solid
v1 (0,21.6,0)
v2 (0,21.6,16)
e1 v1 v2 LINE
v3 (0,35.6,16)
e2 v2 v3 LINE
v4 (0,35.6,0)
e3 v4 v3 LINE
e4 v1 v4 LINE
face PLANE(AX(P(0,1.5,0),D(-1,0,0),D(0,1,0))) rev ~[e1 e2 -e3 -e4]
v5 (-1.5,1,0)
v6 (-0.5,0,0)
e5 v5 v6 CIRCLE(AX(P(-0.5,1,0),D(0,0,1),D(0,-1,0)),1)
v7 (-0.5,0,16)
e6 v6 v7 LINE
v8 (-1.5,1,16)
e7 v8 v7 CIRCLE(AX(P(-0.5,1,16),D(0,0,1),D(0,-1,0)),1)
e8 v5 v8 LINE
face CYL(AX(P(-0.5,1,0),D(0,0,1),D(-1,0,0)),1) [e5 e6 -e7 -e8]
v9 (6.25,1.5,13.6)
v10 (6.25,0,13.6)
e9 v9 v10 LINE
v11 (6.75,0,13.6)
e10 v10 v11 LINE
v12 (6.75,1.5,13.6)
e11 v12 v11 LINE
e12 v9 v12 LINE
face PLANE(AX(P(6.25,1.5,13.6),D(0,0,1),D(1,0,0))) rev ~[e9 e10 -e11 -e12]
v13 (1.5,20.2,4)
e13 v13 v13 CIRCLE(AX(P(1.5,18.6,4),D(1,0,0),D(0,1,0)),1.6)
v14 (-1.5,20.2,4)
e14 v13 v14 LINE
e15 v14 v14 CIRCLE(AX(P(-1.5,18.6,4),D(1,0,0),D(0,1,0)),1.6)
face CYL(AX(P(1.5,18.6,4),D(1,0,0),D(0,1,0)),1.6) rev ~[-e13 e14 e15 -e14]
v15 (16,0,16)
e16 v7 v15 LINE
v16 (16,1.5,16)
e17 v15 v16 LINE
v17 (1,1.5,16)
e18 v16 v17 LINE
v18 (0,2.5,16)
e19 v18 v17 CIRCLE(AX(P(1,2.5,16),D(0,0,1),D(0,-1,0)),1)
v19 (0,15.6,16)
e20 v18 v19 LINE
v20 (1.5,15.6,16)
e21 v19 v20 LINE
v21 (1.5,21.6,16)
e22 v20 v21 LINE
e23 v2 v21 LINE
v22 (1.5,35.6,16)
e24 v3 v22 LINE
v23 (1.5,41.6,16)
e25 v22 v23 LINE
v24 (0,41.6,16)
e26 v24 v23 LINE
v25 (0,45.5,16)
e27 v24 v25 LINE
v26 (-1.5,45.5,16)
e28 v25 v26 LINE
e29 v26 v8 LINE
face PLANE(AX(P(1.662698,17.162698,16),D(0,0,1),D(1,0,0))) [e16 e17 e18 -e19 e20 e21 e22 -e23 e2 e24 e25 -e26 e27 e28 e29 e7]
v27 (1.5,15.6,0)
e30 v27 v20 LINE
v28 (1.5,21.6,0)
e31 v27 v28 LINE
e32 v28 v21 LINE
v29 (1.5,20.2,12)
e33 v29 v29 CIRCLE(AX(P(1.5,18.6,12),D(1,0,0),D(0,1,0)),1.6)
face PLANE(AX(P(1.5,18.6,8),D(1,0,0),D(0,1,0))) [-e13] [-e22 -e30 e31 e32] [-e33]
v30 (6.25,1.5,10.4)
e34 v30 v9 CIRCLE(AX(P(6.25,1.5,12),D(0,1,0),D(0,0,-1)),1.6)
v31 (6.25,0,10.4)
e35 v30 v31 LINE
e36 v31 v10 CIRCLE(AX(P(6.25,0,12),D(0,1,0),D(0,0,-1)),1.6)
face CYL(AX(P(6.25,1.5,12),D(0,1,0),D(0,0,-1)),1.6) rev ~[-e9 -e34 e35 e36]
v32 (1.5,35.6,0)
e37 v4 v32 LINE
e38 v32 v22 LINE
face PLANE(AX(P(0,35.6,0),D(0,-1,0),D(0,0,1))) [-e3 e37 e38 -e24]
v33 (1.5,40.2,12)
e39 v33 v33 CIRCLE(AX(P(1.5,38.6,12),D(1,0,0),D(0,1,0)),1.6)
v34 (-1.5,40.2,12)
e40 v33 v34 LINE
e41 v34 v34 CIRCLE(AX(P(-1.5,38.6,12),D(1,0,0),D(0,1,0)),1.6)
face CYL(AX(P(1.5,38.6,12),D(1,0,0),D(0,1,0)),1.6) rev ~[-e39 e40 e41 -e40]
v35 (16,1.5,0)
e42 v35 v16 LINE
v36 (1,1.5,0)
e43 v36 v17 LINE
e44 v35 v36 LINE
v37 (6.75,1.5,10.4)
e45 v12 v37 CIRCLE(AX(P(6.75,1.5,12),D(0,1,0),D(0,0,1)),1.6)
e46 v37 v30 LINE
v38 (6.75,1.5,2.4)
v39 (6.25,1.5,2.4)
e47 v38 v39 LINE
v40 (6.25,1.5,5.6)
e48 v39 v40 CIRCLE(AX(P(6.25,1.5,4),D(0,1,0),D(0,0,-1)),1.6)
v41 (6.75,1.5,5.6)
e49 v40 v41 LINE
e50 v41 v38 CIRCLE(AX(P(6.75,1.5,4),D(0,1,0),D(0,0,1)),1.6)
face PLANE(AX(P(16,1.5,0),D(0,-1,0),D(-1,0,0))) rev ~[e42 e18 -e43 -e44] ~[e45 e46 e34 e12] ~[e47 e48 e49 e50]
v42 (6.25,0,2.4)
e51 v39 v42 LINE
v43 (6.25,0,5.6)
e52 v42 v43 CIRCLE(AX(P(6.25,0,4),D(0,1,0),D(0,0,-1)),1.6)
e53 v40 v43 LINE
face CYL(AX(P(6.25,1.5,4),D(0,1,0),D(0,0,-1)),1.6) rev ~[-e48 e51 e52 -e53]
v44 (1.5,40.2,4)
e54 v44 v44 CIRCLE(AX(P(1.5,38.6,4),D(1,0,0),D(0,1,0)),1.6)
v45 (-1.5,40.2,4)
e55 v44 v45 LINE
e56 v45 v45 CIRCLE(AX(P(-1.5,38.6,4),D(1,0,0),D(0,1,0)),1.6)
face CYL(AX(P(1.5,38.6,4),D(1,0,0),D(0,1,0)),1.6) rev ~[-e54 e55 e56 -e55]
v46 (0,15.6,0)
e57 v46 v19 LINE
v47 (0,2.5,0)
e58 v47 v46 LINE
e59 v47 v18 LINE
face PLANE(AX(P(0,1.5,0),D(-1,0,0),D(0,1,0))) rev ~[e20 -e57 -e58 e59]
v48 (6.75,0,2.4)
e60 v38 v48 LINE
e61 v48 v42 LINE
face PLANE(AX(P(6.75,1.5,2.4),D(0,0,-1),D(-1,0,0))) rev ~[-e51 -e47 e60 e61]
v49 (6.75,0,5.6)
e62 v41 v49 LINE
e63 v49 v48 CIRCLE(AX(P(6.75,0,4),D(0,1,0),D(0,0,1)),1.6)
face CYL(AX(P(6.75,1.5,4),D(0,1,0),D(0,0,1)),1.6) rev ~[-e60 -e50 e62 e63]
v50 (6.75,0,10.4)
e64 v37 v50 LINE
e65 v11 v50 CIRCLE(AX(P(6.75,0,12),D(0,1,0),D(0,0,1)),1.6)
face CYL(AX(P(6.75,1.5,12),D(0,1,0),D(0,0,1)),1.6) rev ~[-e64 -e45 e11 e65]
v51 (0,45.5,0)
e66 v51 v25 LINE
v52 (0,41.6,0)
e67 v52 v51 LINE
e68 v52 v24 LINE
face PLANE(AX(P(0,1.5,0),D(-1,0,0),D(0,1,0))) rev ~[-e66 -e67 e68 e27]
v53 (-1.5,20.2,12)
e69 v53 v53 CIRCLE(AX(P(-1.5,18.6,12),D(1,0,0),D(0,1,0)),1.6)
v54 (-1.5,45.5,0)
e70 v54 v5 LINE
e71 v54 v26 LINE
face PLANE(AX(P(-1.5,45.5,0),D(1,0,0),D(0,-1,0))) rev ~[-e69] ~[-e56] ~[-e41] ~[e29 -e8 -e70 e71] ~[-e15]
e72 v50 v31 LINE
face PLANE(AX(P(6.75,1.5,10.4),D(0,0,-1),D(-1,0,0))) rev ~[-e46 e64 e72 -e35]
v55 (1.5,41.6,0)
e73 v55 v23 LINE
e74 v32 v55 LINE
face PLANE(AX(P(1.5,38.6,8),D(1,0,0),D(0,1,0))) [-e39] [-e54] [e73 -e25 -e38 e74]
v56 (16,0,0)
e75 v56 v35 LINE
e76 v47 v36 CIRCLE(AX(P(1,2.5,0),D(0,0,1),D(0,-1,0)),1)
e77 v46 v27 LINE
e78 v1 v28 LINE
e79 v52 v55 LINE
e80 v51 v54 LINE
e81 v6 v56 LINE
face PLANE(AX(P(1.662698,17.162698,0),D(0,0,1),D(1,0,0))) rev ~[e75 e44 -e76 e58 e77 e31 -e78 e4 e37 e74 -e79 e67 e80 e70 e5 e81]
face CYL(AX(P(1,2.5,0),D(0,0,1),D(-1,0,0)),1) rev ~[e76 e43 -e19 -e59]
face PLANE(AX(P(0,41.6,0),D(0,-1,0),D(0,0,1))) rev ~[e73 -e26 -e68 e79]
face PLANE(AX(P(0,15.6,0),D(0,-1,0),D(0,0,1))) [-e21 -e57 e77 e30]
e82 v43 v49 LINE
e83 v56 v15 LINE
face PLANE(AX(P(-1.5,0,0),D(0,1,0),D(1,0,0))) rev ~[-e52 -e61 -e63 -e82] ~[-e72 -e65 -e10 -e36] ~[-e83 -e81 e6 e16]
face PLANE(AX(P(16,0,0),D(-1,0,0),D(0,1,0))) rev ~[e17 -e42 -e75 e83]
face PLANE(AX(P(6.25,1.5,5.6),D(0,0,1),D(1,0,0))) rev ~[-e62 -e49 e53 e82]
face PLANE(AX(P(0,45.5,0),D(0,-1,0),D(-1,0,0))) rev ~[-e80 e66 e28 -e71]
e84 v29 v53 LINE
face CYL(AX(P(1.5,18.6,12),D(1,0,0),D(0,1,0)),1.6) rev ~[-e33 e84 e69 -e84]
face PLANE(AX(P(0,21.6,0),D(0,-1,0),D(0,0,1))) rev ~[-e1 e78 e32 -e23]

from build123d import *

# Parameters (mm, degrees)
F1_DEPTH = 16
F2_R     = 1
F3_R     = 1
F5_DEPTH = 1.5
F6_W     = 6
F6_H     = 16
F7_DEPTH = 1.5
F8_R     = 1.6
F9_DEPTH = 3


with BuildPart() as f1:
    # F0 (on Top) → F1 (new body)
    with BuildSketch(Plane.XY):
        Polygon((0, 1.5), (0, 45.5), (-1.5, 45.5), (-1.5, 0), (16, 0), (16, 1.5), align=None)
    extrude(amount=F1_DEPTH)

    # F2
    f2_edges = [f1.edges().sort_by_distance(p)[0] for p in [
        (-1.5, 0, 8),
    ]]
    fillet(f2_edges, radius=F2_R)

    # F3
    f3_edges = [f1.edges().sort_by_distance(p)[0] for p in [
        (0, 1.5, 8),
    ]]
    fillet(f3_edges, radius=F3_R)

    # F4 (on face) → F5 (cut)
    with BuildSketch(Plane(origin=(0, 1.5, 0), x_dir=(-1, 0, 0), z_dir=(0, 1, 0))):
        with BuildLine():
            ThreePointArc((-6.75, 5.6), (-8.35, 4), (-6.75, 2.4))
            Line((-6.75, 2.4), (-6.25, 2.4))
            ThreePointArc((-6.25, 2.4), (-4.65, 4), (-6.25, 5.6))
            Line((-6.25, 5.6), (-6.75, 5.6))
        make_face()
        with BuildLine():
            ThreePointArc((-6.75, 13.6), (-8.35, 12), (-6.75, 10.4))
            Line((-6.75, 10.4), (-6.25, 10.4))
            ThreePointArc((-6.25, 10.4), (-4.65, 12), (-6.25, 13.6))
            Line((-6.25, 13.6), (-6.75, 13.6))
        make_face()
    extrude(amount=-F5_DEPTH, mode=Mode.SUBTRACT)

    # F6 (on face) → F7 (join)
    with BuildSketch(Plane.YZ):
        with Locations((38.6, 8)):
            Rectangle(F6_W, F6_H)
        with Locations((18.6, 8)):
            Rectangle(F6_W, F6_H)
    extrude(amount=F7_DEPTH)

    # F8 (on face) → F9 (cut)
    with BuildSketch(Plane.YZ.offset(1.5)):
        with Locations((38.6, 12)):
            Circle(F8_R)
        with Locations((38.6, 4)):
            Circle(F8_R)
        with Locations((18.6, 12)):
            Circle(F8_R)
        with Locations((18.6, 4)):
            Circle(F8_R)
    extrude(amount=-F9_DEPTH, mode=Mode.SUBTRACT)


solid = f1.part
